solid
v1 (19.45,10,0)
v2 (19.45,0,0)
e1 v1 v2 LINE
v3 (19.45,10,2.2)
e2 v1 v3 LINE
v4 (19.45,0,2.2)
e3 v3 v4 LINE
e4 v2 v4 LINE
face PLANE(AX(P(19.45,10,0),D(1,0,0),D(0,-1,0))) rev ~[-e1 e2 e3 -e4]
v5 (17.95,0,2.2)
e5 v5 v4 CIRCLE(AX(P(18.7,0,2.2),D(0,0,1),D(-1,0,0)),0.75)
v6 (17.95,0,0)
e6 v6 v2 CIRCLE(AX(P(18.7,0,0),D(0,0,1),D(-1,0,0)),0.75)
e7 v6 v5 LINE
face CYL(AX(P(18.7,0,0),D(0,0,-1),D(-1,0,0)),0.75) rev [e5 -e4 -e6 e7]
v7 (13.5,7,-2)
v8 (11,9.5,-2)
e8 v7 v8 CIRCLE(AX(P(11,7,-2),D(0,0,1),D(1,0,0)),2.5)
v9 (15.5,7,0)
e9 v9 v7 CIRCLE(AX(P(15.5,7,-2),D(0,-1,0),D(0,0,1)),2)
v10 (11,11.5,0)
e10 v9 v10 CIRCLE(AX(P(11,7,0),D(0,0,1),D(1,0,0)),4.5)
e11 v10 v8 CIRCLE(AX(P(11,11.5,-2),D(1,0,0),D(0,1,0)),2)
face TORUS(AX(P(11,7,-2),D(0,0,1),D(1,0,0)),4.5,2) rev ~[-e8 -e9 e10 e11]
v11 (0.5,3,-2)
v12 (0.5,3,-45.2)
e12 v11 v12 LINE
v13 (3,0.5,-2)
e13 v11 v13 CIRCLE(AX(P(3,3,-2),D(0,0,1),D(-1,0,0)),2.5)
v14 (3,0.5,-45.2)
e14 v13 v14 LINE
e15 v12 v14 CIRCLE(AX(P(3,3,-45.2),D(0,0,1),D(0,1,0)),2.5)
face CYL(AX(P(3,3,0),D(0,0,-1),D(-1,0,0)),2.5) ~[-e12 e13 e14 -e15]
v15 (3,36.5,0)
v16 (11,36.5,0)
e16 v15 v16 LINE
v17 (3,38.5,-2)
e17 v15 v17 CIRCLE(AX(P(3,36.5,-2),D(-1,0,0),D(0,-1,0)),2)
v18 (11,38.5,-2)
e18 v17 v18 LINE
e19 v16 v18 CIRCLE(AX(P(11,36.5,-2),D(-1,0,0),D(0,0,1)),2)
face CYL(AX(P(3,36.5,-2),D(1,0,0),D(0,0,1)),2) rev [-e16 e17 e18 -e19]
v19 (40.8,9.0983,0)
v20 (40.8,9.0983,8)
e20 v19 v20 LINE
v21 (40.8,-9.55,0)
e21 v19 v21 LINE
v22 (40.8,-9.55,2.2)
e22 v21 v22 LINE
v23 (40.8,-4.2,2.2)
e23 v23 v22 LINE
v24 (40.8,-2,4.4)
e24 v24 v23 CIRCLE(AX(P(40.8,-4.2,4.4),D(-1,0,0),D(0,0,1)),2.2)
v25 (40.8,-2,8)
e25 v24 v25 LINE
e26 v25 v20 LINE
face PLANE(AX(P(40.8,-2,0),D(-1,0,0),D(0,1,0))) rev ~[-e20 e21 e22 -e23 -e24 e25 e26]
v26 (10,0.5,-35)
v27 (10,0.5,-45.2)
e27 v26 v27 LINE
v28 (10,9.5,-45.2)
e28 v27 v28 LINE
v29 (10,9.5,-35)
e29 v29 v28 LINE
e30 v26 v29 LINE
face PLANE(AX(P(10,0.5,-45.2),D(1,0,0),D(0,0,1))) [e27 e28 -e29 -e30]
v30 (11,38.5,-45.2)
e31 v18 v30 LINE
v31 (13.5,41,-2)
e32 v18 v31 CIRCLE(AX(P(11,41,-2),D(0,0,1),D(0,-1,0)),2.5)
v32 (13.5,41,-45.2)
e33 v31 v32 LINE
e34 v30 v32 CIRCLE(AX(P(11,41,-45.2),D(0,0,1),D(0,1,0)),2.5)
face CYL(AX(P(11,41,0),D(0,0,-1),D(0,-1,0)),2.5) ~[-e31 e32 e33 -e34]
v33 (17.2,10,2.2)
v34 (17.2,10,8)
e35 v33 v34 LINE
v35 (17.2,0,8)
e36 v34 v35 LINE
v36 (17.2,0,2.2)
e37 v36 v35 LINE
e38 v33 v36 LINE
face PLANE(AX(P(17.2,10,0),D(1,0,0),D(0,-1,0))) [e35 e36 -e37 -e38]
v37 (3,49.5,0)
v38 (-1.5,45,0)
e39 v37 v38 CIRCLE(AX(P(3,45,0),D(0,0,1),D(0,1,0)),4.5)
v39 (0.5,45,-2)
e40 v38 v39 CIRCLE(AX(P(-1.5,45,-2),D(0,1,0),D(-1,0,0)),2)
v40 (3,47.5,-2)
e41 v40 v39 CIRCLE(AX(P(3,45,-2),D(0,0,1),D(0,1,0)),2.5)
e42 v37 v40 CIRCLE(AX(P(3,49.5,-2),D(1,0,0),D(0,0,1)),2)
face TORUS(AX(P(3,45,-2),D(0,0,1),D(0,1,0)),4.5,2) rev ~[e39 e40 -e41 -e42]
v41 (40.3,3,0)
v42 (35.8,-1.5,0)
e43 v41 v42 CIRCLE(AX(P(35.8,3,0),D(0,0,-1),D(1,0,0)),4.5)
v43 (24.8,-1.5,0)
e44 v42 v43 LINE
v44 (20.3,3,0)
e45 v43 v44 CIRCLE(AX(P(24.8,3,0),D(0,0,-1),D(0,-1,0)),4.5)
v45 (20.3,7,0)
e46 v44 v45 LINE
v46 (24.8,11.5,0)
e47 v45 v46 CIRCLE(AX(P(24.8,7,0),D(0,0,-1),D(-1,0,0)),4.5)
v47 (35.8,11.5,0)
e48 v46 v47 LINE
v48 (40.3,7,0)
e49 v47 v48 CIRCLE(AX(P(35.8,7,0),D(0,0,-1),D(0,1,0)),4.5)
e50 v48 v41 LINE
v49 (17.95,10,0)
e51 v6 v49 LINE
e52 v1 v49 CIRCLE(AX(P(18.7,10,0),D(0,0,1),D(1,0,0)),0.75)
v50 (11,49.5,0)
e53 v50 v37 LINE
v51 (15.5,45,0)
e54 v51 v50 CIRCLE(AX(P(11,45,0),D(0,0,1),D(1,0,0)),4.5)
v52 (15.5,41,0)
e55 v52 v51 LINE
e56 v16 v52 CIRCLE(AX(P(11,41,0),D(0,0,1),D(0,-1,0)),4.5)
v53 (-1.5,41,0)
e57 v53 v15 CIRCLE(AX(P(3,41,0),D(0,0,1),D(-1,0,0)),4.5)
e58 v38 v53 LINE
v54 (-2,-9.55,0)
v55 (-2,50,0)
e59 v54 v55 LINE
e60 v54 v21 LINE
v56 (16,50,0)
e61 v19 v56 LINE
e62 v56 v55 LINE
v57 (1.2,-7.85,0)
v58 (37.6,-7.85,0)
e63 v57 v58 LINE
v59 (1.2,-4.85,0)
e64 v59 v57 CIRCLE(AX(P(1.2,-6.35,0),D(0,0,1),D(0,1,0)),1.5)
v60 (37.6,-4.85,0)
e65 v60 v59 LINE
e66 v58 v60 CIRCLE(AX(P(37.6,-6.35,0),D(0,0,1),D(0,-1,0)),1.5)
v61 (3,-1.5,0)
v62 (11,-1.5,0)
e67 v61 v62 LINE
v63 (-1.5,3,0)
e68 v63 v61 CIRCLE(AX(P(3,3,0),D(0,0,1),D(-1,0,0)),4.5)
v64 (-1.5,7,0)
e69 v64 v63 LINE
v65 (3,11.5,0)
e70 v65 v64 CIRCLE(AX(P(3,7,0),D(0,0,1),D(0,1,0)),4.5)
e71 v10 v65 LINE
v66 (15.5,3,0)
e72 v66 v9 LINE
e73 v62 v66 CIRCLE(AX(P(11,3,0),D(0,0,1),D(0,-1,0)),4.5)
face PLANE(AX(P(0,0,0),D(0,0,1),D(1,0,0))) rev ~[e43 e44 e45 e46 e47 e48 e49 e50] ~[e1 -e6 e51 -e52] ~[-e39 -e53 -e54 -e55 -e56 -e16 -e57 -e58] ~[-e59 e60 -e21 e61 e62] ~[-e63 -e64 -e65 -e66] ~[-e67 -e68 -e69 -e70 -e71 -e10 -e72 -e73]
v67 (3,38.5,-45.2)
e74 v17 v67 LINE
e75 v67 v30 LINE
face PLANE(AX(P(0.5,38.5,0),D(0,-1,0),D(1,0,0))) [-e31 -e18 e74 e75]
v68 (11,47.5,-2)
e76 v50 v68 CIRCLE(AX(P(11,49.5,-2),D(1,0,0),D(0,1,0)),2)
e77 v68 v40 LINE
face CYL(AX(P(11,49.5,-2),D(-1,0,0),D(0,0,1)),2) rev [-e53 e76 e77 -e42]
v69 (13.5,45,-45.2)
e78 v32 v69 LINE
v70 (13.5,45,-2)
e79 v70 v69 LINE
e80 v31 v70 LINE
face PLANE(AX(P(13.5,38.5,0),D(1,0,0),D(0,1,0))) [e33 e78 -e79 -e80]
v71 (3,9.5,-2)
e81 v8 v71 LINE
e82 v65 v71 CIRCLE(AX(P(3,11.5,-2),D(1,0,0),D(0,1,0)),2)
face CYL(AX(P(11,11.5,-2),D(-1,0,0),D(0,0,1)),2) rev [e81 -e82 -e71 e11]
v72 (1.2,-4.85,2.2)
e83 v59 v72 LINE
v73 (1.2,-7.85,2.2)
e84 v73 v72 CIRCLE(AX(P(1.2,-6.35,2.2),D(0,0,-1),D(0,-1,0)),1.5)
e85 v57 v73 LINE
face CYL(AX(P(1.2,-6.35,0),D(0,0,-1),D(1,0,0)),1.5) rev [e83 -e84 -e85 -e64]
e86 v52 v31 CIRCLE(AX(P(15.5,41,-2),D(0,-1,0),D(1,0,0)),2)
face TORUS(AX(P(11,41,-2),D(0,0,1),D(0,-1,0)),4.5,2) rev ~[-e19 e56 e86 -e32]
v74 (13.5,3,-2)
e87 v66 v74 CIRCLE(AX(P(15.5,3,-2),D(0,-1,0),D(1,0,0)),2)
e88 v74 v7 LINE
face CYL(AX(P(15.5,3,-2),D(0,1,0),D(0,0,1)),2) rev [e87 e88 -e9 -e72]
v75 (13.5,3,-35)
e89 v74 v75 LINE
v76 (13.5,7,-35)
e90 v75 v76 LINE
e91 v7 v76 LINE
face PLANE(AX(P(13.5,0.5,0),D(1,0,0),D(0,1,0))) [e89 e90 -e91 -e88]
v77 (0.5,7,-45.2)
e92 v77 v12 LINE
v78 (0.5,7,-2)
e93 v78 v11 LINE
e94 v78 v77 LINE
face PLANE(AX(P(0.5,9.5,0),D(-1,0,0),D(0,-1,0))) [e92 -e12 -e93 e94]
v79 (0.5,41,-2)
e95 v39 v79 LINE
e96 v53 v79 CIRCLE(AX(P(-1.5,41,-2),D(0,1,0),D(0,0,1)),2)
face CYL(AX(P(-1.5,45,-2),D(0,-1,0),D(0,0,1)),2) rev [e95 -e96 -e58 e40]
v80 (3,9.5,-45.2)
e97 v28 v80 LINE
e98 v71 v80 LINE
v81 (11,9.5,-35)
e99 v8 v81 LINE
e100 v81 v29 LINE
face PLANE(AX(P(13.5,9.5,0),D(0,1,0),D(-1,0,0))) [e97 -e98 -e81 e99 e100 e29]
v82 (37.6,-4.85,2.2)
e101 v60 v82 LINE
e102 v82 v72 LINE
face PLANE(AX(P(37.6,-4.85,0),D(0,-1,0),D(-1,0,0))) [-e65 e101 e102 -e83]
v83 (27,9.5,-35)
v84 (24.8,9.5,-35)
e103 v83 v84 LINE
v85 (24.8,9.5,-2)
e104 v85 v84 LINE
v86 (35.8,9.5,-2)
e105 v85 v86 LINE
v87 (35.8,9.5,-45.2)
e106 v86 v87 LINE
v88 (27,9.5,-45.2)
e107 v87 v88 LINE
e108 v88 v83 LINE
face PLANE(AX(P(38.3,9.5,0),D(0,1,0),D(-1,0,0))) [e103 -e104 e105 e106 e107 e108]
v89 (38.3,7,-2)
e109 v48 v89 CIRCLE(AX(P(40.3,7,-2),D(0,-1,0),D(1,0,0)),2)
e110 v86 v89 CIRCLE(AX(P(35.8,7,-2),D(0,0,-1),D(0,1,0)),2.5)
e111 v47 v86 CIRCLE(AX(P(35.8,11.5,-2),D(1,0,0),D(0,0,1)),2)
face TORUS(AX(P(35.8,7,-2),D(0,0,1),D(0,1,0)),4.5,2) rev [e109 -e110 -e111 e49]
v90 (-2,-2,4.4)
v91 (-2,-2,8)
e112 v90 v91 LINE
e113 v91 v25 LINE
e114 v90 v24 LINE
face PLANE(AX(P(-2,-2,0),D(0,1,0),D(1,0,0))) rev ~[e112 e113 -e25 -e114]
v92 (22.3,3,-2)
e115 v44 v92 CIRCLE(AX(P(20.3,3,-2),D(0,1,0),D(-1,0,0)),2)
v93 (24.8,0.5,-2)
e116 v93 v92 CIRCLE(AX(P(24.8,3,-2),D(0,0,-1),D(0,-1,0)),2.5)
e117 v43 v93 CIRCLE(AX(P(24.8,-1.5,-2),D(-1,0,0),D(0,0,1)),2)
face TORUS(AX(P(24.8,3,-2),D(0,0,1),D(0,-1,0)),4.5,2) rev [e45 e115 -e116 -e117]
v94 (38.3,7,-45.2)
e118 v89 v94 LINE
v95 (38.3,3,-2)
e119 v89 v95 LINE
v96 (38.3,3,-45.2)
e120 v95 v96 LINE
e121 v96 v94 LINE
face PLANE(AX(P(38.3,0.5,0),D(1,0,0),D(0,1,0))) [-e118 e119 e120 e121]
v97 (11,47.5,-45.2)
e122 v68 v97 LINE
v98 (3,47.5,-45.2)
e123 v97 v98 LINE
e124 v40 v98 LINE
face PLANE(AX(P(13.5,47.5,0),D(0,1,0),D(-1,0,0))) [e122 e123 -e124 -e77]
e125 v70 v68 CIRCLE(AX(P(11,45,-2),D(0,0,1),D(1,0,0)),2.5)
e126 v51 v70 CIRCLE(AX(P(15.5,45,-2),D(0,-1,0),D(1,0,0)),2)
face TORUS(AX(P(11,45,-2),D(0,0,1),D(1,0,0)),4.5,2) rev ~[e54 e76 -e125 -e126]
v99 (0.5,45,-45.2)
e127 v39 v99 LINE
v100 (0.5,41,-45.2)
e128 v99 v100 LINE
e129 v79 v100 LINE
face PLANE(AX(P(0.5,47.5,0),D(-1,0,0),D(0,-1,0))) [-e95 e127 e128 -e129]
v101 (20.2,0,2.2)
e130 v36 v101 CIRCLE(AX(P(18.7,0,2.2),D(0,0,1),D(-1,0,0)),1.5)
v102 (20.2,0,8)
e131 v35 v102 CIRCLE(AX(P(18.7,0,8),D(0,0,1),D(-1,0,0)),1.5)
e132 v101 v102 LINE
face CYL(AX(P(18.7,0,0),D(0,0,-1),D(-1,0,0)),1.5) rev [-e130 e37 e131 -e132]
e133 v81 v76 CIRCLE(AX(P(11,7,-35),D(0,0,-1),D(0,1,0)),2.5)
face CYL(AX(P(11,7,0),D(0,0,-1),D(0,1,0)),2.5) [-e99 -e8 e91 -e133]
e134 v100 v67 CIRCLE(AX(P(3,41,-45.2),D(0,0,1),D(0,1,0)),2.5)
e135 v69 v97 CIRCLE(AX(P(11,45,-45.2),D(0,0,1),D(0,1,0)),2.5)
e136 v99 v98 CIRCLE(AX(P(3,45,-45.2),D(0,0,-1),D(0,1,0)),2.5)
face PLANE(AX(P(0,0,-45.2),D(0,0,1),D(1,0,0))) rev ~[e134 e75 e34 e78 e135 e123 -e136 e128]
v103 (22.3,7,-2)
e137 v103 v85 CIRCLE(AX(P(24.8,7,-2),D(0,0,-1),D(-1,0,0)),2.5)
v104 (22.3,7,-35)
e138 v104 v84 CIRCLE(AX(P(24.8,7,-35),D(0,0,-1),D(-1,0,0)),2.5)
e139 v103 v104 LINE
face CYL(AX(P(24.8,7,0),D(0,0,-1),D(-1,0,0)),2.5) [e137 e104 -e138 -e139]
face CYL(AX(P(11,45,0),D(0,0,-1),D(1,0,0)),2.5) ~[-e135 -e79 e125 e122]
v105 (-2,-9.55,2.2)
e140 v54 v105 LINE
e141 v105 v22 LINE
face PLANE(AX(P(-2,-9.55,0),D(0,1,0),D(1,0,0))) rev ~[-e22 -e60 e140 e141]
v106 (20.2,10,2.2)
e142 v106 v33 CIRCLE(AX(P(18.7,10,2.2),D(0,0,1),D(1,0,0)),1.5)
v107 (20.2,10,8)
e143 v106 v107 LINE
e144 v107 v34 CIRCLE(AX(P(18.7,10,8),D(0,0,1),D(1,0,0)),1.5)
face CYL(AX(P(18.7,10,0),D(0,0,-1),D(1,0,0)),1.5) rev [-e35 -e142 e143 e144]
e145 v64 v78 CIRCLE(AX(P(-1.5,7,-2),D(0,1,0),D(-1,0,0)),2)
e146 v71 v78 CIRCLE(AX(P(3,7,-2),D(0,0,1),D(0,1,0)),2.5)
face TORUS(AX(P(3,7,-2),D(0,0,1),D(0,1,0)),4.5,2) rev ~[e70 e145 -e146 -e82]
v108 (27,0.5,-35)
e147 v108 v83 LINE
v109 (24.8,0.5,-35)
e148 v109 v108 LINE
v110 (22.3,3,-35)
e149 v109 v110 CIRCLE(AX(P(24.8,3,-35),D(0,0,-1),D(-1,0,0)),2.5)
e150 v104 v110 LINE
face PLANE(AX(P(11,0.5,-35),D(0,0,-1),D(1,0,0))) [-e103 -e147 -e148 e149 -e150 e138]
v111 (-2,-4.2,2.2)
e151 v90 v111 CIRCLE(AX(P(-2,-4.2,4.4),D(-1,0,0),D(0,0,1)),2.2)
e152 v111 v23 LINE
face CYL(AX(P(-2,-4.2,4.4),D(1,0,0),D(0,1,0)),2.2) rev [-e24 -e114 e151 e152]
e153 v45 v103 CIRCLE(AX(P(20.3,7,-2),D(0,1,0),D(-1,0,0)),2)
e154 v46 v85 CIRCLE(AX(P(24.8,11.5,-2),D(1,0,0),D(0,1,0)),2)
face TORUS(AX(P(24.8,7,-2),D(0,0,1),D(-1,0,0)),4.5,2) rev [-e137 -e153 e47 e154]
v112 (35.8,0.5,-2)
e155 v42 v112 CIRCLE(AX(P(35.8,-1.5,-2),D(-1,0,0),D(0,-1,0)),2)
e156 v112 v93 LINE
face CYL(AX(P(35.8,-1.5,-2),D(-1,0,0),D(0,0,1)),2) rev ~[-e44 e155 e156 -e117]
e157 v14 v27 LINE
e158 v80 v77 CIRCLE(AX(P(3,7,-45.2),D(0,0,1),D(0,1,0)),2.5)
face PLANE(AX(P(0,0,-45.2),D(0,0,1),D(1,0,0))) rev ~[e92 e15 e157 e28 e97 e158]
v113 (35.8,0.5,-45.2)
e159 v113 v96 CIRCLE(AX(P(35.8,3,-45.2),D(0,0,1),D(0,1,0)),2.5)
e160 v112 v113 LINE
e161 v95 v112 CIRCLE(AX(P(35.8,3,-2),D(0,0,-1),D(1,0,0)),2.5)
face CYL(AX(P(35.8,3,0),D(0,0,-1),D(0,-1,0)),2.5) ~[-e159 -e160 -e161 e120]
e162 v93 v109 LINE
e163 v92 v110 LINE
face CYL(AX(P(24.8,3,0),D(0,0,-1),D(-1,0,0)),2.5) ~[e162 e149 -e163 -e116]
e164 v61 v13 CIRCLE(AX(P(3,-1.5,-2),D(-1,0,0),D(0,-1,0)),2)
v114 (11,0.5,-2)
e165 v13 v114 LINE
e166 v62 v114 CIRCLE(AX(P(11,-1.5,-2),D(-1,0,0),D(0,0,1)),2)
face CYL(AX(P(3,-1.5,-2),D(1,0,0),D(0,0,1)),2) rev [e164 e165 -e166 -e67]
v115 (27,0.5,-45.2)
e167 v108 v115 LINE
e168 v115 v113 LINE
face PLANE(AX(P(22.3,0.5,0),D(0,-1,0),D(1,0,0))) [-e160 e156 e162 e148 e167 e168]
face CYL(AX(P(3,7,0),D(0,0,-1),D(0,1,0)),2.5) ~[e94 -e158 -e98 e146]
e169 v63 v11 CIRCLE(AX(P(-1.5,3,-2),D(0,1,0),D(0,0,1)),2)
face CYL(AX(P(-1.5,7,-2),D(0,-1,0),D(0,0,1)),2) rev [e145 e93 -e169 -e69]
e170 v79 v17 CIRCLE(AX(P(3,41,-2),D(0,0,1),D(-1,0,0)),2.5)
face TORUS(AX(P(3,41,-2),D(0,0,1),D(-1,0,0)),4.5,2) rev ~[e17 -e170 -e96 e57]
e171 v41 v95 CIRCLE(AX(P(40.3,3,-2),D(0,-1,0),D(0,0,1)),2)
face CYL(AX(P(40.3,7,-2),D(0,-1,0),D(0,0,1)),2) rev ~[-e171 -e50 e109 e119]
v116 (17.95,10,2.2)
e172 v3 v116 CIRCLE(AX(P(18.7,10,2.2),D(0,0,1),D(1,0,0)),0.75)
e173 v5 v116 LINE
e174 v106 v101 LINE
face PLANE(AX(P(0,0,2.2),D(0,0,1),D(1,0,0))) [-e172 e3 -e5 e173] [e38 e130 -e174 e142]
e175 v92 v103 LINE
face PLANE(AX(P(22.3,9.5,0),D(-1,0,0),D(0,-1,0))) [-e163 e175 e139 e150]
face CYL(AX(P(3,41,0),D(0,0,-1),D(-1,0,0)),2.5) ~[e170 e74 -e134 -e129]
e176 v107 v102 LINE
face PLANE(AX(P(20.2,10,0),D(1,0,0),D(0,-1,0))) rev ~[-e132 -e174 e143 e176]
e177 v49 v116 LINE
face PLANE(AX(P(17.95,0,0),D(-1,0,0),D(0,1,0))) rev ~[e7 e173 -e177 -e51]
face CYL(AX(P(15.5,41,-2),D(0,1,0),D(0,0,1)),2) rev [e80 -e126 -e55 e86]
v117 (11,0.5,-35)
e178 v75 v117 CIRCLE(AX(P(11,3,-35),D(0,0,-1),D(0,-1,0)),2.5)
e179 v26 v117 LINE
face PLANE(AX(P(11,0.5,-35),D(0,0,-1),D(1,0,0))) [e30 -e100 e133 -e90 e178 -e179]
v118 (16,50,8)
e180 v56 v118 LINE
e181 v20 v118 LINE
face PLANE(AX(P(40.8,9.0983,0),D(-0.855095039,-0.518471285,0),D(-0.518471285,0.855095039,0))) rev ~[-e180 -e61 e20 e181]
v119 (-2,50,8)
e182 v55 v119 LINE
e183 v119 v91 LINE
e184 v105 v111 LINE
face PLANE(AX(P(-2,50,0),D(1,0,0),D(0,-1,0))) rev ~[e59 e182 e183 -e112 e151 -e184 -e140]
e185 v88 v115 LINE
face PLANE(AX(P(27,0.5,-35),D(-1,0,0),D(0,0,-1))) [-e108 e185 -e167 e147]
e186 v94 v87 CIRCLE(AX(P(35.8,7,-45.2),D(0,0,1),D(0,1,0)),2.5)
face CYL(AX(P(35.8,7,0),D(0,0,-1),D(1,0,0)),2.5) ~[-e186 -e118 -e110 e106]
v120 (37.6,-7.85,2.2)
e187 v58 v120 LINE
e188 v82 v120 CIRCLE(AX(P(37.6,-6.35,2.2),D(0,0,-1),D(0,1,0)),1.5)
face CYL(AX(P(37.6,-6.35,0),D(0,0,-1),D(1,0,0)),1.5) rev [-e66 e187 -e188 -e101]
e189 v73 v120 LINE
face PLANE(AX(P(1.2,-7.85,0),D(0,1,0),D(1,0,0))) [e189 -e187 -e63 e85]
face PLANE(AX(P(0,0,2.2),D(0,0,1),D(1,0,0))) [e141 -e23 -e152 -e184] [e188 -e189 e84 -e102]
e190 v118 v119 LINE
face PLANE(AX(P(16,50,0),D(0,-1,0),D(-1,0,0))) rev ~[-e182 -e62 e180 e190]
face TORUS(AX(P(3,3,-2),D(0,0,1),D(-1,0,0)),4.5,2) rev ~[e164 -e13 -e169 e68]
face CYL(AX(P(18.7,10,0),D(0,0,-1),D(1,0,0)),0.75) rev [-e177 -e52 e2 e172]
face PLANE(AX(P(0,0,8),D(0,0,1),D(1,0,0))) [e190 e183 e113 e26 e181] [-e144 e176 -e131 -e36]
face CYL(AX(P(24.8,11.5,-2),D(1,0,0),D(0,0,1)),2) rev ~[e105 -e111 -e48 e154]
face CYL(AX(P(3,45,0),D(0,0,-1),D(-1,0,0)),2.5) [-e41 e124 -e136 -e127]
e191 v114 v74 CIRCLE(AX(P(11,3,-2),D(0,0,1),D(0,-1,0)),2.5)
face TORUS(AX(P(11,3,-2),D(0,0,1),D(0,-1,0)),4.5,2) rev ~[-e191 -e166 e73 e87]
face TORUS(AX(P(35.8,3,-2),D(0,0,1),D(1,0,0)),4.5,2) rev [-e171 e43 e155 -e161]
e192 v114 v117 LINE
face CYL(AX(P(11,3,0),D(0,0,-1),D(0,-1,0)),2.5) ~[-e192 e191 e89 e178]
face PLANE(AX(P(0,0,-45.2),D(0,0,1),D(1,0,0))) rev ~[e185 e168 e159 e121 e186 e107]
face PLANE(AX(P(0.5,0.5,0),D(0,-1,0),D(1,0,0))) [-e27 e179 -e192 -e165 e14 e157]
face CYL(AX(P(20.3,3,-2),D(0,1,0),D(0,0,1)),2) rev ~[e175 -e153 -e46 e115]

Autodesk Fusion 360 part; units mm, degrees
sketch "スケッチ1" plane through (0, 0, 0) normal (0, 0, 1) x (1, 0, 0)
  line L0 (0, 0) -> (14, 0)
  line L1 (14, 0) -> (14, 10)
  line L2 (14, 10) -> (0, 10)
  line L3 (0, 10) -> (0, 0)
  line L4 (21.8, 0) -> (38.8, 0)
  line L5 (38.8, 0) -> (38.8, 10)
  line L6 (38.8, 10) -> (21.8, 10)
  line L7 (21.8, 10) -> (21.8, 0)
  line L8 (0.5, 9.5) -> (0.5, 0.5)
  line L9 (0.5, 0.5) -> (13.5, 0.5)
  line L10 (13.5, 0.5) -> (13.5, 9.5)
  line L11 (13.5, 9.5) -> (0.5, 9.5)
  line L12 (22.3, 0.5) -> (38.3, 0.5)
  line L13 (38.3, 0.5) -> (38.3, 9.5)
  line L14 (38.3, 9.5) -> (22.3, 9.5)
  line L15 (22.3, 9.5) -> (22.3, 0.5)
  line L16 (0, 38) -> (14, 38)
  line L17 (14, 38) -> (14, 48)
  line L18 (14, 48) -> (0, 48)
  line L19 (0, 48) -> (0, 38)
  line L20 (0.5, 38.5) -> (13.5, 38.5)
  line L21 (13.5, 38.5) -> (13.5, 47.5)
  line L22 (13.5, 47.5) -> (0.5, 47.5)
  line L23 (0.5, 47.5) -> (0.5, 38.5)
  line L24 (-2, 50) -> (-2, -6.35)
  line L25 (-2, -6.35) -> (40.8, -6.35)
  line L26 (40.8, -6.35) -> (40.8, 9.0983)
  line L27 (40.8, 9.0983) -> (16, 50)
  line L28 (16, 50) -> (-2, 50)
  line L29 (17.95, 10) -> (19.45, 10)
  line L30 (19.45, 10) -> (19.45, 0)
  line L31 (17.95, 0) -> (17.95, 10)
  line L32 (17.2, 10) -> (17.2, 0)
  line L33 (20.2, 10) -> (20.2, 0)
  arc A0 (19.45, 10) -> (17.95, 10) centre (18.7, 10) ccw
  arc A1 (20.2, 10) -> (17.2, 10) centre (18.7, 10) ccw
  arc A2 (17.95, 0) -> (19.45, 0) centre (18.7, 0) ccw
  arc A3 (17.2, 0) -> (20.2, 0) centre (18.7, 0) ccw
  circle A4 centre (1.2, -6.35) radius 1.5
  circle A5 centre (37.6, -6.35) radius 1.5
  line L34 (-2, -6.35) -> (-2, -9.55)
  line L35 (-2, -9.55) -> (40.8, -9.55)
  line L36 (40.8, -9.55) -> (40.8, -6.35)
  line L37 (1.2, -7.85) -> (37.6, -7.85)
  line L38 (37.6, -4.85) -> (1.2, -4.85)
  line L39 (-2, -2) -> (40.8, -2)
  dimension "d1" = 14
  dimension "d2" = 10
  dimension "d3" = 17
  dimension "d4" = 10
  dimension "d5" = 7.8
  dimension "d6" = -0.5
  dimension "d7" = -0.5
  dimension "d8" = 14
  dimension "d9" = 10
  dimension "d10" = 28
  dimension "d11" = -0.5
  dimension "d12" = 2
  dimension "d13" = 2
  dimension "d14" = 2
  dimension "d15" = 14
  dimension "d16" = 6.35
  dimension "d17" = 2
  dimension "d39" = 1.5
  dimension "d40" = 3.95
  dimension "d41" = 0.75
  dimension "d42" = 0.75
  dimension "d45" = 3
  dimension "d46" = 3
  dimension "d47" = 3.2
  dimension "d48" = 3.2
  dimension "d49" = 3.2
  dimension "d50" = 2
extrude "押し出し1" add sketch "スケッチ1" against normal blind 45.2 contours L8 L9 L10 L11 | L12 L13 L14 L15 | L20 L21 L22 L23 makes body 1 at (4.8333, 38.5, -30.1333) makes body 2 at (9.1667, 9.5, -15.0667) makes body 3 at (32.9667, 9.5, -30.1333)
extrude "押し出し2" add sketch "スケッチ1" along normal blind 8 contours L0 L1 L2 L3 | L4 L5 L6 L7 | L8 L9 L10 L11 | L12 L13 L14 L15 | L16 L17 L18 L19 | L20 L21 L22 L23 | L24 L26 L27 L28 L39 bodies 1 2 3
fillet "フィレット1" radius 2.5 12 edges at (38.3, 9.5, -22.6) (38.3, 0.5, -22.6) (13.5, 9.5, -22.6) (13.5, 0.5, -22.6) (13.5, 38.5, -22.6) (13.5, 47.5, -22.6) (22.3, 0.5, -22.6) (22.3, 9.5, -22.6) (0.5, 38.5, -22.6) (0.5, 47.5, -22.6) (0.5, 9.5, -22.6) (0.5, 0.5, -22.6) on bodies 1
fillet "フィレット2" radius 2 24 edges at (1.2322, 8.7678, 0) (7, 9.5, 0) (12.7678, 8.7678, 0) (13.5, 5, 0) (12.7678, 1.2322, 0) (7, 0.5, 0) (1.2322, 1.2322, 0) (0.5, 5, 0) (23.0322, 8.7678, 0) (30.3, 9.5, 0) (37.5678, 8.7678, 0) (38.3, 5, 0) (37.5678, 1.2322, 0) (30.3, 0.5, 0) (23.0322, 1.2322, 0) (22.3, 5, 0) (12.7678, 46.7678, 0) (13.5, 43, 0) (12.7678, 39.2322, 0) (7, 38.5, 0) (1.2322, 39.2322, 0) (0.5, 43, 0) (1.2322, 46.7678, 0) (7, 47.5, 0) on bodies 1
sketch "スケッチ2" plane through (0, 0.5, 0) normal (0, -1, 0) x (1, 0, 0)
  line L0 (11, -2) -> (3, -2)
  line L1 (3, -2) -> (3, -45.2)
  line L2 (3, -45.2) -> (11, -45.2)
  line L3 (11, -45.2) -> (11, -2)
  line L4 (10, -35) -> (27, -35)
  line L5 (27, -35) -> (27, -46)
  line L6 (27, -46) -> (10, -46)
  line L7 (10, -46) -> (10, -35)
  dimension "d26" = 17
  dimension "d27" = 11
  dimension "d28" = 46
  dimension "d29" = 10
extrude "押し出し3" cut sketch "スケッチ2" against normal blind 10 contours L2 L3 L4 L5 L6 L7 | L2 L3 L4 L7 bodies 1
extrude "押し出し5" add sketch "スケッチ1" along normal blind 2.2 contours L24 L25 L26 A4 A5 L38 L39 | L25 A4 A5 L34 L35 L36 L37 | L32 L33 A1 A3 bodies 1
fillet "フィレット3" radius 2.2 1 edges at (19.4, -2, 2.2) on bodies 1
